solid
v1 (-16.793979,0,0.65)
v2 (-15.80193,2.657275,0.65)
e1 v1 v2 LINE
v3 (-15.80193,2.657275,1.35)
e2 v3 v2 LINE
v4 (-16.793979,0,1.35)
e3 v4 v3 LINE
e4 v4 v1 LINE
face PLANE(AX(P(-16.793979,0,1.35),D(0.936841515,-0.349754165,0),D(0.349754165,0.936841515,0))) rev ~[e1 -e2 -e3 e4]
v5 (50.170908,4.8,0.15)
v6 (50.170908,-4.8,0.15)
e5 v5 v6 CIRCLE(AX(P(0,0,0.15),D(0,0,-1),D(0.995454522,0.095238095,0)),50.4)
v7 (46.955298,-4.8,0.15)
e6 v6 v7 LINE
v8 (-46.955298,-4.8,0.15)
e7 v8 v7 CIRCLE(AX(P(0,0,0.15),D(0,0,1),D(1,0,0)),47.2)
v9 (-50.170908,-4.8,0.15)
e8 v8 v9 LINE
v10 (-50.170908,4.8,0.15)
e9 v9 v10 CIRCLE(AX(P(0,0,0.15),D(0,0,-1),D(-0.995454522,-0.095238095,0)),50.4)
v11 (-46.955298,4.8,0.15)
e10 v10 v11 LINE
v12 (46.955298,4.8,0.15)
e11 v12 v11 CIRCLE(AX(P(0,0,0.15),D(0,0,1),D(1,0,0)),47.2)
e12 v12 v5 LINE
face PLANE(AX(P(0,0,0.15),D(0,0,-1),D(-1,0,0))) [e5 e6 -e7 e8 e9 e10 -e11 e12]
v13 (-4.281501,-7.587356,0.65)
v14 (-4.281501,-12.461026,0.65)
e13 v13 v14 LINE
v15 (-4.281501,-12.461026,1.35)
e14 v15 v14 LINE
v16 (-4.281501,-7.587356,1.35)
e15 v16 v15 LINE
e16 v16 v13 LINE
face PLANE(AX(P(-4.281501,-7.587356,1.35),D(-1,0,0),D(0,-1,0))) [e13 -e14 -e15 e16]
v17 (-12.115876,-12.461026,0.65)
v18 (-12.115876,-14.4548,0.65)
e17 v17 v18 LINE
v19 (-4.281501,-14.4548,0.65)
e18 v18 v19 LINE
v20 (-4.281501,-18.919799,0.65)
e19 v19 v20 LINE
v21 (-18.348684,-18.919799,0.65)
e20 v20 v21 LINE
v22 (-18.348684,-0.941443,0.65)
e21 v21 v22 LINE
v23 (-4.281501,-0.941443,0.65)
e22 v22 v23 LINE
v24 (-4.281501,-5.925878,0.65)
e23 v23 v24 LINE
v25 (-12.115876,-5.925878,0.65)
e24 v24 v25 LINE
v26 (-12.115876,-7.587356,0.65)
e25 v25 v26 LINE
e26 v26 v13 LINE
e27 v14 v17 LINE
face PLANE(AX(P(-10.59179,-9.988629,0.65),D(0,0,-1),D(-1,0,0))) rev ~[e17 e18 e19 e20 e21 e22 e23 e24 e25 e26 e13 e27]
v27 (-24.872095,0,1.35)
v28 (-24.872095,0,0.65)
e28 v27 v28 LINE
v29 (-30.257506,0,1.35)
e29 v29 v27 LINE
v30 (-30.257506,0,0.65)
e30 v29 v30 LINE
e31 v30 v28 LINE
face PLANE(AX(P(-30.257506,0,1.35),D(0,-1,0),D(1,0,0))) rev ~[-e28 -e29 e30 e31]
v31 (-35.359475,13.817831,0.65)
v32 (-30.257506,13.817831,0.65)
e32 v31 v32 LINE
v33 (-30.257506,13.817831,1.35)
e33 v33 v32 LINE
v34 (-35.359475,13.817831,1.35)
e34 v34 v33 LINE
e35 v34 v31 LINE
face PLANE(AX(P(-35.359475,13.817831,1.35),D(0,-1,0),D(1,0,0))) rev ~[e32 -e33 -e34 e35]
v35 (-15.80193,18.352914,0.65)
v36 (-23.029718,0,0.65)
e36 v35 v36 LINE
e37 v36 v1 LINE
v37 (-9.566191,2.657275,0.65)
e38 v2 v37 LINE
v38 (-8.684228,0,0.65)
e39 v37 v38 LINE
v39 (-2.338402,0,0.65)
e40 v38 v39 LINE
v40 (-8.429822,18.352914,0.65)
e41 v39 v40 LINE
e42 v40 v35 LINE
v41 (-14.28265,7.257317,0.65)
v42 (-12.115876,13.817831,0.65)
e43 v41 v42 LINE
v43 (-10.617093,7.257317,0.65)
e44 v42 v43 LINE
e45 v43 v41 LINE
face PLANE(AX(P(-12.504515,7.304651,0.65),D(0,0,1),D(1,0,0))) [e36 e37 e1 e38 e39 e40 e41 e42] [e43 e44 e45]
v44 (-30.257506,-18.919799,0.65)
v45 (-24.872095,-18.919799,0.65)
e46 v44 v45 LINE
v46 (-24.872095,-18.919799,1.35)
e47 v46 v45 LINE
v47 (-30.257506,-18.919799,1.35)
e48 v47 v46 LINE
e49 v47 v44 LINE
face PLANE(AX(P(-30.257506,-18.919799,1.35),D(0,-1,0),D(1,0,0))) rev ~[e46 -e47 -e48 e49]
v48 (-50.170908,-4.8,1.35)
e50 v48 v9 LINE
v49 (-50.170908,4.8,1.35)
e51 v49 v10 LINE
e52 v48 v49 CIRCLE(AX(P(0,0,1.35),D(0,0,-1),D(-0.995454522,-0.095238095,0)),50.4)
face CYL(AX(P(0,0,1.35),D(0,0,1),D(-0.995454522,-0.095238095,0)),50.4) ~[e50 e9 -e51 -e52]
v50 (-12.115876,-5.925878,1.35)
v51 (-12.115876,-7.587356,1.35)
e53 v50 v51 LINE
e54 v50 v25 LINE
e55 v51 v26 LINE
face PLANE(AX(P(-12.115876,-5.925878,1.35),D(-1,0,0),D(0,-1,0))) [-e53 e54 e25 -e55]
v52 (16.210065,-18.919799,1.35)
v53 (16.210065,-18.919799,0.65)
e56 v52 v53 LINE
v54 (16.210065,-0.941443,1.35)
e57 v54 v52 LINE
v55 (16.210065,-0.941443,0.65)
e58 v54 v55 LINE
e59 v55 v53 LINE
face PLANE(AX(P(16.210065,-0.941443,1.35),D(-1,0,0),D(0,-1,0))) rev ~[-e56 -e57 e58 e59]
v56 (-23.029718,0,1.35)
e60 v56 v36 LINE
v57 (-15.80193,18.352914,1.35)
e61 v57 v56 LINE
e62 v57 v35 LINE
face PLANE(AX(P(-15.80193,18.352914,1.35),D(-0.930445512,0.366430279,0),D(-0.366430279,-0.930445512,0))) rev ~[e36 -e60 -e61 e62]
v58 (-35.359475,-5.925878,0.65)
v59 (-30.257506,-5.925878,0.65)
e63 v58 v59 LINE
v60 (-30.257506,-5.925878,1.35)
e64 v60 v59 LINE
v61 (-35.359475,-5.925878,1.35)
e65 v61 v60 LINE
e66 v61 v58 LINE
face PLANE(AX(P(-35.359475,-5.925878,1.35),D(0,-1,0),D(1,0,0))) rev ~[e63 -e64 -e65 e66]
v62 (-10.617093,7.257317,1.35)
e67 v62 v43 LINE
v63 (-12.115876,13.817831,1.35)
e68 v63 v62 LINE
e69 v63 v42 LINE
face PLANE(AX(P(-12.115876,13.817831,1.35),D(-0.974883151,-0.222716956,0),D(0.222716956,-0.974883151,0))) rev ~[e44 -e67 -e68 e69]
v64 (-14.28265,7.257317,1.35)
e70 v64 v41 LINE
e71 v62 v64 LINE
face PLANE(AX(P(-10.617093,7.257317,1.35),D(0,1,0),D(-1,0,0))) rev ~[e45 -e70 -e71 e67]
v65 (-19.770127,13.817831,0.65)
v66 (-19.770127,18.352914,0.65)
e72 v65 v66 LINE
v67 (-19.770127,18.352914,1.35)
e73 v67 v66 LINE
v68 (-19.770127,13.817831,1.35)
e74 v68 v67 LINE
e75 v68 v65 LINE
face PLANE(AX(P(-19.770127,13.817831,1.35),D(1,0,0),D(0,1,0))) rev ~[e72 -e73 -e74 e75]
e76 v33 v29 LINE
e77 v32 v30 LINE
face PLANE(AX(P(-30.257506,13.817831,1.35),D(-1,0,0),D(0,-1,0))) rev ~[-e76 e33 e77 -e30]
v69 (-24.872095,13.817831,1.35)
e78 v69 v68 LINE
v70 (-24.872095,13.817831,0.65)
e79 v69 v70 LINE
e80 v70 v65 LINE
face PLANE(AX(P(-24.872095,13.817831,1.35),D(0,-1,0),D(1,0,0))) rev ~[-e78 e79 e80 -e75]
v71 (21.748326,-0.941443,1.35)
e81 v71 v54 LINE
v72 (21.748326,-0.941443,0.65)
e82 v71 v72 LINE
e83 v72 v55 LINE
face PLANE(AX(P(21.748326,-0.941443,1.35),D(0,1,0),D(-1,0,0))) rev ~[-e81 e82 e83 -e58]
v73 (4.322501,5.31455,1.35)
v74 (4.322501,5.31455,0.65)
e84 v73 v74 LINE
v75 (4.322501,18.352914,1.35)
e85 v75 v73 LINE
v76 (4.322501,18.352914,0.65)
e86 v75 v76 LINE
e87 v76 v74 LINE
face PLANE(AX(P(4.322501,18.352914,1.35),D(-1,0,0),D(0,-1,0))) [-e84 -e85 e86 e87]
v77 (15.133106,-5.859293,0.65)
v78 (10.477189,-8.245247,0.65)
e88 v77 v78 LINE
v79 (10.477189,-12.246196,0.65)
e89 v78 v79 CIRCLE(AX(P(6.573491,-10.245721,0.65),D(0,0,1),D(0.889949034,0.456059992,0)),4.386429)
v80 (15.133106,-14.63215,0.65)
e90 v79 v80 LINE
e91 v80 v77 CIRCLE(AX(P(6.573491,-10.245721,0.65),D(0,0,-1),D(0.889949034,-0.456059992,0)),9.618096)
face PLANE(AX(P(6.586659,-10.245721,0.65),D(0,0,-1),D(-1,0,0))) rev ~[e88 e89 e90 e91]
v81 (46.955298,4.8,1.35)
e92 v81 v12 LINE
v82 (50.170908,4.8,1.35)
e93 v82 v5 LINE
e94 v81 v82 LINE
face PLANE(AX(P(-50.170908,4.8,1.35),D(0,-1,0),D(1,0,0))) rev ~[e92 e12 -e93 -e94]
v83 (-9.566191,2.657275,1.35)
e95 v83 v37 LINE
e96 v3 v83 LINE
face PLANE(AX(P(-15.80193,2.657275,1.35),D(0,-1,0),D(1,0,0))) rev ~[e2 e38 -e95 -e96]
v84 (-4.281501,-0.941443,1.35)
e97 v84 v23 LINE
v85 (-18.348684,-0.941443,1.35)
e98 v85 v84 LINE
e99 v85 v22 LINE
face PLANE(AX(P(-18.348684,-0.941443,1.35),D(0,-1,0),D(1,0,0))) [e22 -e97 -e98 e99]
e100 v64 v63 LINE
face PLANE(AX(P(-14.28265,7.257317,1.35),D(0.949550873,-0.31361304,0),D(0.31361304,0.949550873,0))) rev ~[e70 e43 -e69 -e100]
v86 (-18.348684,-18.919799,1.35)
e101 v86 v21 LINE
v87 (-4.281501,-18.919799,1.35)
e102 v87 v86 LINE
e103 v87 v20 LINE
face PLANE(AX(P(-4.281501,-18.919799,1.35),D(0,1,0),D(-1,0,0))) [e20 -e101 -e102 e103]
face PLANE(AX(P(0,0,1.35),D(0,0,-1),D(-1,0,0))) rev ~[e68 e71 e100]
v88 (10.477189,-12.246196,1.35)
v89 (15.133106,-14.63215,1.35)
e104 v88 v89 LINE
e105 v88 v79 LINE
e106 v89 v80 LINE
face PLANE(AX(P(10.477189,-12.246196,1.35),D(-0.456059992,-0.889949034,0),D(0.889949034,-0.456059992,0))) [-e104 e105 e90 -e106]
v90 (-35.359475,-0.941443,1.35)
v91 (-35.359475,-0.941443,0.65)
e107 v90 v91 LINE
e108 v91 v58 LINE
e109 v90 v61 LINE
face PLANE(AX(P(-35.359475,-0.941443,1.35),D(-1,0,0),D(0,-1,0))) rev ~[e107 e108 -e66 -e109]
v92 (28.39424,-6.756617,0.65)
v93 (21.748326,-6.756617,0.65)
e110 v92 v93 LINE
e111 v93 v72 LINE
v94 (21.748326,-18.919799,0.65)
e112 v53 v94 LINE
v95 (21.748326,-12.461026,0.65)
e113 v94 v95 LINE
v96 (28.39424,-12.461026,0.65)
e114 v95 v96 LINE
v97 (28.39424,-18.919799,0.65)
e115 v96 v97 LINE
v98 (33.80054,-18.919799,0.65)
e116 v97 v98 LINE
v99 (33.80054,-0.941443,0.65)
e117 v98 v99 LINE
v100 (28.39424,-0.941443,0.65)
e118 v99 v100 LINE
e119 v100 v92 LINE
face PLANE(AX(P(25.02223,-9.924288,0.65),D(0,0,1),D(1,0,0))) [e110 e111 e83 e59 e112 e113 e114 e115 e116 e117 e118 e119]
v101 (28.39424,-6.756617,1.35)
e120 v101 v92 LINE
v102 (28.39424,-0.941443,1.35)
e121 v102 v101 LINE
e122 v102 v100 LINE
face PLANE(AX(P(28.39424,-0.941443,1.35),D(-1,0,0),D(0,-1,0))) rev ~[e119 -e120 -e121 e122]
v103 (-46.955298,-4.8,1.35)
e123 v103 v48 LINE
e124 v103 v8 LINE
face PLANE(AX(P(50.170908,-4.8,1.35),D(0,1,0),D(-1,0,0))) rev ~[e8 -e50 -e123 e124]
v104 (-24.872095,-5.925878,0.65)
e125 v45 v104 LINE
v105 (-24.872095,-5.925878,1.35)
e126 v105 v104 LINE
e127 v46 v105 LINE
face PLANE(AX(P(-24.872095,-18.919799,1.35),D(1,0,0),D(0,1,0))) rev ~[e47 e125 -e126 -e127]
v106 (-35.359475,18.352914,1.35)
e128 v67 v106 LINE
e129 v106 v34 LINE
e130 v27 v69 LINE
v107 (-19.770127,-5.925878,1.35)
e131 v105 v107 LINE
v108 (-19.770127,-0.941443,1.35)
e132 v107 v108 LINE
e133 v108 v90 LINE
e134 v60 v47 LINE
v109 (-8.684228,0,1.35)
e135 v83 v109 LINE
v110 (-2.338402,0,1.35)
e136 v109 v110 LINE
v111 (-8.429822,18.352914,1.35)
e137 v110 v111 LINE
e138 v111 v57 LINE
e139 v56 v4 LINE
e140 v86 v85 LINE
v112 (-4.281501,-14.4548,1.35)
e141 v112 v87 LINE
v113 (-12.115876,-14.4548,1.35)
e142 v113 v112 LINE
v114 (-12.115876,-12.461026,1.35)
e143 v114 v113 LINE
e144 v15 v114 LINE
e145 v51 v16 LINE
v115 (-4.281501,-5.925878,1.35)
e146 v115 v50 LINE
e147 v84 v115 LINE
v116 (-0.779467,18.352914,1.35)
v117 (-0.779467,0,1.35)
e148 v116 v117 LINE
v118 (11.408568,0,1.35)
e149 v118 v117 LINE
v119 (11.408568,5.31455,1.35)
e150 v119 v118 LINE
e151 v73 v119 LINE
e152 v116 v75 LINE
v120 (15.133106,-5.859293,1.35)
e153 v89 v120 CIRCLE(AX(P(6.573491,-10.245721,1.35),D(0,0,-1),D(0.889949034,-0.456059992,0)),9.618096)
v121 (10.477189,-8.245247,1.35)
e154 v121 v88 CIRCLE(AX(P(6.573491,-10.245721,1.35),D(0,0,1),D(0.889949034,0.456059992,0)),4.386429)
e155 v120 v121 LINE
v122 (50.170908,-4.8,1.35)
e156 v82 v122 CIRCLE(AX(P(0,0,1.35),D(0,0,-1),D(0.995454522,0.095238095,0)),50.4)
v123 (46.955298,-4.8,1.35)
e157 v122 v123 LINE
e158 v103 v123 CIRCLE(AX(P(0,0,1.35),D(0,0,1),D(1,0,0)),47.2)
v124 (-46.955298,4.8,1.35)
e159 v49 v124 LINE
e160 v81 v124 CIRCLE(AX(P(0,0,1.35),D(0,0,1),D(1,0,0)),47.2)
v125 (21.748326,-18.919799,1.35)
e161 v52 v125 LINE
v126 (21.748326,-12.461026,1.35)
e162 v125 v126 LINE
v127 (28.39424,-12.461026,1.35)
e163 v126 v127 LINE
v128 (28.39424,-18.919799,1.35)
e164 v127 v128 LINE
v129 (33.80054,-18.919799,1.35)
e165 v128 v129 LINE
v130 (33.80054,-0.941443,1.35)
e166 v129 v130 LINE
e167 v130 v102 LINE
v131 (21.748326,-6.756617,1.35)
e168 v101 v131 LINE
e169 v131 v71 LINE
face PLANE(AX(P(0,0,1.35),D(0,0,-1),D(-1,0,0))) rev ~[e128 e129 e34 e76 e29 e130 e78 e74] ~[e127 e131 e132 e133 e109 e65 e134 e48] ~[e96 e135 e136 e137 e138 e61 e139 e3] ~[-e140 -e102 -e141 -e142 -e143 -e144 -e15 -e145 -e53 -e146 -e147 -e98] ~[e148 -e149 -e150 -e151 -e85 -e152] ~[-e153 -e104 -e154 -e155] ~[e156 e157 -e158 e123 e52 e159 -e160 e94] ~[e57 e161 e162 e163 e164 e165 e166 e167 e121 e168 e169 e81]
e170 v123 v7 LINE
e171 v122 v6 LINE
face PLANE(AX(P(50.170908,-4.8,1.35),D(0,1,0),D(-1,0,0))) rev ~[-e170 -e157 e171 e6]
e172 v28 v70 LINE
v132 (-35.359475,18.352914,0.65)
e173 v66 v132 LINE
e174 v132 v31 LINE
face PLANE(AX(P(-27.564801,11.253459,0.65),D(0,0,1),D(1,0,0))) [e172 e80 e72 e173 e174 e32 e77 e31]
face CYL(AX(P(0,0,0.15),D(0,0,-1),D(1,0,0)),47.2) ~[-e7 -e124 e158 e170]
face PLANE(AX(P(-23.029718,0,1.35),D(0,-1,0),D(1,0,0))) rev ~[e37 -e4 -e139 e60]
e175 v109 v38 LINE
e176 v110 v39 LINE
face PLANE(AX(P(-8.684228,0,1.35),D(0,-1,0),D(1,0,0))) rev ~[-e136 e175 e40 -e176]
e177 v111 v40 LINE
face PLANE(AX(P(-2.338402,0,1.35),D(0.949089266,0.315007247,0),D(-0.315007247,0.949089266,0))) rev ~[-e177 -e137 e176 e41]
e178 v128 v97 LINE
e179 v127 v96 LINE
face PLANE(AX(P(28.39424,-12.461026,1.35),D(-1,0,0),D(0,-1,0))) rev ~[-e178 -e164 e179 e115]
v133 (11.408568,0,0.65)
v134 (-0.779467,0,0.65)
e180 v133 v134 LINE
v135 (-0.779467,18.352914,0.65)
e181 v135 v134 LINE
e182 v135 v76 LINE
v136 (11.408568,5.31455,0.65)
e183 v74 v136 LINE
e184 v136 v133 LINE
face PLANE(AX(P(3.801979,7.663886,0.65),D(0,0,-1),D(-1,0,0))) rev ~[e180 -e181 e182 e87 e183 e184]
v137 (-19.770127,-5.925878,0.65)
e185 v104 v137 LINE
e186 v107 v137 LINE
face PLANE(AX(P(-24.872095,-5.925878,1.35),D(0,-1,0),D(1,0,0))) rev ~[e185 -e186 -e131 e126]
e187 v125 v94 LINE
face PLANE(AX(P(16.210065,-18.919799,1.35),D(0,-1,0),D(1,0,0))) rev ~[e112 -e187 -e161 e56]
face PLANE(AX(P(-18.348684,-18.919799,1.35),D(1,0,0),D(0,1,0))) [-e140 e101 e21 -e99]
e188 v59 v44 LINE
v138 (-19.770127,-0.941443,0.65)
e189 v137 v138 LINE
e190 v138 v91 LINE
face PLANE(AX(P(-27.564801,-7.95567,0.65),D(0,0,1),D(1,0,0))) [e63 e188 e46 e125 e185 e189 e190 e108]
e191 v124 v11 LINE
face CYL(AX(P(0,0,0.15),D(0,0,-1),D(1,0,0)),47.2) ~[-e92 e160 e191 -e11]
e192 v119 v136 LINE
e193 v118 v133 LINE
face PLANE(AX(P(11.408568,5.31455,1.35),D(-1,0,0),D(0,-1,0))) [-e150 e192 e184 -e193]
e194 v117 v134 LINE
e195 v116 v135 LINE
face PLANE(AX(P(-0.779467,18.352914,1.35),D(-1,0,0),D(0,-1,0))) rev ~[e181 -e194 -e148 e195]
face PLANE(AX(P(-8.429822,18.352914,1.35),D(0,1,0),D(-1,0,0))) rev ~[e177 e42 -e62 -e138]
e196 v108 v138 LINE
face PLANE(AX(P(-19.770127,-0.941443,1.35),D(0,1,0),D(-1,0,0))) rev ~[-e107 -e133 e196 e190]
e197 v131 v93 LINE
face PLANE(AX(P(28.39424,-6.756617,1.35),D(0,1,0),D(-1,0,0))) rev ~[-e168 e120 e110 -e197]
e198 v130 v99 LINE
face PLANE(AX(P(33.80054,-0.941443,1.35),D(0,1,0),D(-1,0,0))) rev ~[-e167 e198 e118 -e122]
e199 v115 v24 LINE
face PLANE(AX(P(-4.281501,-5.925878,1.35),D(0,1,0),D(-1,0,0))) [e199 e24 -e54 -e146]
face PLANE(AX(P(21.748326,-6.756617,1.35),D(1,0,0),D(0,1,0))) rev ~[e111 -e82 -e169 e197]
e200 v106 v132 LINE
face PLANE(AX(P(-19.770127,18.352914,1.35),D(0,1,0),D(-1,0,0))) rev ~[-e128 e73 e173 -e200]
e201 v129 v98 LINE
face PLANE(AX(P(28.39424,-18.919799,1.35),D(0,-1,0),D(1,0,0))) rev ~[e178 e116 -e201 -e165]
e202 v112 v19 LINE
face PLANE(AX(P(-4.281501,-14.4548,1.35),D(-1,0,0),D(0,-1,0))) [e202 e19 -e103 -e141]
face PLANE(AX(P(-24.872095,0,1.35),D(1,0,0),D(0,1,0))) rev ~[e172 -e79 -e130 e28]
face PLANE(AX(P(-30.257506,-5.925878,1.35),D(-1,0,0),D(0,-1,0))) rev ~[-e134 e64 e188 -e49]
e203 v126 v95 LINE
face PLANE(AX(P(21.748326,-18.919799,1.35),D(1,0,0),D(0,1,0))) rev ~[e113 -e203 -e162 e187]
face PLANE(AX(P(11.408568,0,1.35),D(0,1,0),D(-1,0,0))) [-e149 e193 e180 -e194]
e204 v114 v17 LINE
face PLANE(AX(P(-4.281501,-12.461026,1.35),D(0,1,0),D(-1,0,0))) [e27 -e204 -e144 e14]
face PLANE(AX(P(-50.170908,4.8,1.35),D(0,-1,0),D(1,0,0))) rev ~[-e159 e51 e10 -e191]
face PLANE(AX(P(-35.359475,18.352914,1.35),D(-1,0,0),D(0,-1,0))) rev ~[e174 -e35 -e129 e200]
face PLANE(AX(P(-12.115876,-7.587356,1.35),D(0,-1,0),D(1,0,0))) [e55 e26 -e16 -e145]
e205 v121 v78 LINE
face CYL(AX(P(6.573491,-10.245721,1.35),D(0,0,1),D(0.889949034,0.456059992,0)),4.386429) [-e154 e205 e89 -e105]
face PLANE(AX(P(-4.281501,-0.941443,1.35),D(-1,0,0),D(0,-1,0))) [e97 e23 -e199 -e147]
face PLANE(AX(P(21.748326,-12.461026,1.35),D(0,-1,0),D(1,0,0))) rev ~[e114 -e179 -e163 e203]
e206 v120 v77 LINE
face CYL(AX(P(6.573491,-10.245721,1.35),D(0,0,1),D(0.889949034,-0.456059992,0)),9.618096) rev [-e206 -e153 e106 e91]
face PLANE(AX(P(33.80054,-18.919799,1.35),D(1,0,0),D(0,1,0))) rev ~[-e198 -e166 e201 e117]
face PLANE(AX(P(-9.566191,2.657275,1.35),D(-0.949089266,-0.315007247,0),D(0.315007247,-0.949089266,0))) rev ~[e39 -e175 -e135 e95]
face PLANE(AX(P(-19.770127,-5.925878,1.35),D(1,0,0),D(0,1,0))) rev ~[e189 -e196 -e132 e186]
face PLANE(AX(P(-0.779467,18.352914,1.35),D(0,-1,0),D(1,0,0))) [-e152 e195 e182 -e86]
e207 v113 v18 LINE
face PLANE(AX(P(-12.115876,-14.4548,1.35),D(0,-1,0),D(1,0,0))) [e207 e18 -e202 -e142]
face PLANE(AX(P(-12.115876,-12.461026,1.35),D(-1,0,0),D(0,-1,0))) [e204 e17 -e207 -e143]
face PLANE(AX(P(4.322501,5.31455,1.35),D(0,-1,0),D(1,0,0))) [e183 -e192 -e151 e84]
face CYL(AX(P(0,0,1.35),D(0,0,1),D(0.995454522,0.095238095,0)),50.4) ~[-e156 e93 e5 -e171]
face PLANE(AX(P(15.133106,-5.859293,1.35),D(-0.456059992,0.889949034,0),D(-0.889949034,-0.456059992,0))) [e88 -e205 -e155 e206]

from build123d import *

# Parameters (mm, degrees)
CROQUIS1_R              = 59
SALIENTE_EXTRUIR1_DEPTH = 1.5
SALIENTE_EXTRUIR2_DEPTH = 1.5
ESCALA1_SCALE           = 0.8
CORTAR_EXTRUIR1_DEPTH   = 0.7


with BuildPart() as part:
    # Croquis1 → Saliente-Extruir1 (new body)
    with BuildSketch(Plane.XY):
        Circle(CROQUIS1_R)
    extrude(amount=SALIENTE_EXTRUIR1_DEPTH)

    # Croquis2 → Saliente-Extruir2 (add)
    with BuildSketch(Plane.XY.offset(1.5)):
        with BuildLine():
            Line((-62.713634881, 6), (62.713634881, 6))
            ThreePointArc((62.713634881, 6), (63, 0), (62.713634881, -6))
            Line((62.713634881, -6), (-62.713634881, -6))
            ThreePointArc((-62.713634881, -6), (-63, 0), (-62.713634881, 6))
        make_face()
    extrude(amount=-SALIENTE_EXTRUIR2_DEPTH)


with BuildPart() as part_1:
    # Escala1: scaled about (0, 0, 0.75)
    add(part.part.scale(ESCALA1_SCALE).moved(Location((0, 0, 0.15))))

    # Croquis7 → Cortar-Extruir1 (cut)
    with BuildSketch(Plane.XY.offset(1.35)):
        Polygon((-0.779467376, 0), (-0.779467376, 5.314550288), (-0.779467376, 18.352913661), (4.322500901, 18.352913661), (4.322500901, 5.314550288), (11.408567952, 5.314550288), (11.408567952, 0), align=None)
        Polygon((-15.801929523, 18.352913661), (-23.029717915, 0), (-16.79397891, 0), (-15.801929523, 2.657275144), (-9.566190518, 2.657275144), (-8.684228244, 0), (-2.338402127, 0), (-8.429821566, 18.352913661), align=None)
        Polygon((-10.617093295, 7.257317405), (-14.282649957, 7.257317405), (-12.115875544, 13.817830749), align=None, mode=Mode.SUBTRACT)
        Polygon((-24.872095348, 0), (-24.872095348, 13.817830749), (-19.770127071, 13.817830749), (-19.770127071, 18.352913661), (-35.359474583, 18.352913661), (-35.359474583, 13.817830749), (-30.257506306, 13.817830749), (-30.257506306, 0), align=None)
        Polygon((-24.872095348, -18.919799025), (-24.872095348, -5.925877823), (-19.770127071, -5.925877823), (-19.770127071, -0.941442838), (-35.359474583, -0.941442838), (-35.359474583, -5.925877823), (-30.257506306, -5.925877823), (-30.257506306, -18.919799025), align=None)
        Polygon((-4.281500949, -14.454799909), (-4.281500949, -18.919799025), (-18.34868413, -18.919799025), (-18.34868413, -0.941442838), (-4.281500949, -0.941442838), (-4.281500949, -5.925877823), (-12.115875544, -5.925877823), (-12.115875544, -7.587356151), (-4.281500949, -7.587356151), (-4.281500949, -12.461025915), (-12.115875544, -12.461025915), (-12.115875544, -14.454799909), align=None)
        with BuildLine():
            ThreePointArc((10.477188742, -8.24524686), (2.187062141, -10.245721477), (10.477188742, -12.246196094))
            Line((10.477188742, -12.246196094), (15.133105793, -14.632150132))
            ThreePointArc((15.133105793, -14.632150132), (-3.044604921, -10.245721477), (15.133105793, -5.859292822))
            Line((15.133105793, -5.859292822), (10.477188742, -8.24524686))
        make_face()
        Polygon((28.394239509, -12.461025915), (28.394239509, -18.919799025), (33.800539832, -18.919799025), (33.800539832, -0.941442838), (28.394239509, -0.941442838), (28.394239509, -6.756616987), (21.748326196, -6.756616987), (21.748326196, -0.941442838), (16.210065101, -0.941442838), (16.210065101, -18.919799025), (21.748326196, -18.919799025), (21.748326196, -12.461025915), align=None)
    extrude(amount=-CORTAR_EXTRUIR1_DEPTH, mode=Mode.SUBTRACT)


solid = part_1.part
